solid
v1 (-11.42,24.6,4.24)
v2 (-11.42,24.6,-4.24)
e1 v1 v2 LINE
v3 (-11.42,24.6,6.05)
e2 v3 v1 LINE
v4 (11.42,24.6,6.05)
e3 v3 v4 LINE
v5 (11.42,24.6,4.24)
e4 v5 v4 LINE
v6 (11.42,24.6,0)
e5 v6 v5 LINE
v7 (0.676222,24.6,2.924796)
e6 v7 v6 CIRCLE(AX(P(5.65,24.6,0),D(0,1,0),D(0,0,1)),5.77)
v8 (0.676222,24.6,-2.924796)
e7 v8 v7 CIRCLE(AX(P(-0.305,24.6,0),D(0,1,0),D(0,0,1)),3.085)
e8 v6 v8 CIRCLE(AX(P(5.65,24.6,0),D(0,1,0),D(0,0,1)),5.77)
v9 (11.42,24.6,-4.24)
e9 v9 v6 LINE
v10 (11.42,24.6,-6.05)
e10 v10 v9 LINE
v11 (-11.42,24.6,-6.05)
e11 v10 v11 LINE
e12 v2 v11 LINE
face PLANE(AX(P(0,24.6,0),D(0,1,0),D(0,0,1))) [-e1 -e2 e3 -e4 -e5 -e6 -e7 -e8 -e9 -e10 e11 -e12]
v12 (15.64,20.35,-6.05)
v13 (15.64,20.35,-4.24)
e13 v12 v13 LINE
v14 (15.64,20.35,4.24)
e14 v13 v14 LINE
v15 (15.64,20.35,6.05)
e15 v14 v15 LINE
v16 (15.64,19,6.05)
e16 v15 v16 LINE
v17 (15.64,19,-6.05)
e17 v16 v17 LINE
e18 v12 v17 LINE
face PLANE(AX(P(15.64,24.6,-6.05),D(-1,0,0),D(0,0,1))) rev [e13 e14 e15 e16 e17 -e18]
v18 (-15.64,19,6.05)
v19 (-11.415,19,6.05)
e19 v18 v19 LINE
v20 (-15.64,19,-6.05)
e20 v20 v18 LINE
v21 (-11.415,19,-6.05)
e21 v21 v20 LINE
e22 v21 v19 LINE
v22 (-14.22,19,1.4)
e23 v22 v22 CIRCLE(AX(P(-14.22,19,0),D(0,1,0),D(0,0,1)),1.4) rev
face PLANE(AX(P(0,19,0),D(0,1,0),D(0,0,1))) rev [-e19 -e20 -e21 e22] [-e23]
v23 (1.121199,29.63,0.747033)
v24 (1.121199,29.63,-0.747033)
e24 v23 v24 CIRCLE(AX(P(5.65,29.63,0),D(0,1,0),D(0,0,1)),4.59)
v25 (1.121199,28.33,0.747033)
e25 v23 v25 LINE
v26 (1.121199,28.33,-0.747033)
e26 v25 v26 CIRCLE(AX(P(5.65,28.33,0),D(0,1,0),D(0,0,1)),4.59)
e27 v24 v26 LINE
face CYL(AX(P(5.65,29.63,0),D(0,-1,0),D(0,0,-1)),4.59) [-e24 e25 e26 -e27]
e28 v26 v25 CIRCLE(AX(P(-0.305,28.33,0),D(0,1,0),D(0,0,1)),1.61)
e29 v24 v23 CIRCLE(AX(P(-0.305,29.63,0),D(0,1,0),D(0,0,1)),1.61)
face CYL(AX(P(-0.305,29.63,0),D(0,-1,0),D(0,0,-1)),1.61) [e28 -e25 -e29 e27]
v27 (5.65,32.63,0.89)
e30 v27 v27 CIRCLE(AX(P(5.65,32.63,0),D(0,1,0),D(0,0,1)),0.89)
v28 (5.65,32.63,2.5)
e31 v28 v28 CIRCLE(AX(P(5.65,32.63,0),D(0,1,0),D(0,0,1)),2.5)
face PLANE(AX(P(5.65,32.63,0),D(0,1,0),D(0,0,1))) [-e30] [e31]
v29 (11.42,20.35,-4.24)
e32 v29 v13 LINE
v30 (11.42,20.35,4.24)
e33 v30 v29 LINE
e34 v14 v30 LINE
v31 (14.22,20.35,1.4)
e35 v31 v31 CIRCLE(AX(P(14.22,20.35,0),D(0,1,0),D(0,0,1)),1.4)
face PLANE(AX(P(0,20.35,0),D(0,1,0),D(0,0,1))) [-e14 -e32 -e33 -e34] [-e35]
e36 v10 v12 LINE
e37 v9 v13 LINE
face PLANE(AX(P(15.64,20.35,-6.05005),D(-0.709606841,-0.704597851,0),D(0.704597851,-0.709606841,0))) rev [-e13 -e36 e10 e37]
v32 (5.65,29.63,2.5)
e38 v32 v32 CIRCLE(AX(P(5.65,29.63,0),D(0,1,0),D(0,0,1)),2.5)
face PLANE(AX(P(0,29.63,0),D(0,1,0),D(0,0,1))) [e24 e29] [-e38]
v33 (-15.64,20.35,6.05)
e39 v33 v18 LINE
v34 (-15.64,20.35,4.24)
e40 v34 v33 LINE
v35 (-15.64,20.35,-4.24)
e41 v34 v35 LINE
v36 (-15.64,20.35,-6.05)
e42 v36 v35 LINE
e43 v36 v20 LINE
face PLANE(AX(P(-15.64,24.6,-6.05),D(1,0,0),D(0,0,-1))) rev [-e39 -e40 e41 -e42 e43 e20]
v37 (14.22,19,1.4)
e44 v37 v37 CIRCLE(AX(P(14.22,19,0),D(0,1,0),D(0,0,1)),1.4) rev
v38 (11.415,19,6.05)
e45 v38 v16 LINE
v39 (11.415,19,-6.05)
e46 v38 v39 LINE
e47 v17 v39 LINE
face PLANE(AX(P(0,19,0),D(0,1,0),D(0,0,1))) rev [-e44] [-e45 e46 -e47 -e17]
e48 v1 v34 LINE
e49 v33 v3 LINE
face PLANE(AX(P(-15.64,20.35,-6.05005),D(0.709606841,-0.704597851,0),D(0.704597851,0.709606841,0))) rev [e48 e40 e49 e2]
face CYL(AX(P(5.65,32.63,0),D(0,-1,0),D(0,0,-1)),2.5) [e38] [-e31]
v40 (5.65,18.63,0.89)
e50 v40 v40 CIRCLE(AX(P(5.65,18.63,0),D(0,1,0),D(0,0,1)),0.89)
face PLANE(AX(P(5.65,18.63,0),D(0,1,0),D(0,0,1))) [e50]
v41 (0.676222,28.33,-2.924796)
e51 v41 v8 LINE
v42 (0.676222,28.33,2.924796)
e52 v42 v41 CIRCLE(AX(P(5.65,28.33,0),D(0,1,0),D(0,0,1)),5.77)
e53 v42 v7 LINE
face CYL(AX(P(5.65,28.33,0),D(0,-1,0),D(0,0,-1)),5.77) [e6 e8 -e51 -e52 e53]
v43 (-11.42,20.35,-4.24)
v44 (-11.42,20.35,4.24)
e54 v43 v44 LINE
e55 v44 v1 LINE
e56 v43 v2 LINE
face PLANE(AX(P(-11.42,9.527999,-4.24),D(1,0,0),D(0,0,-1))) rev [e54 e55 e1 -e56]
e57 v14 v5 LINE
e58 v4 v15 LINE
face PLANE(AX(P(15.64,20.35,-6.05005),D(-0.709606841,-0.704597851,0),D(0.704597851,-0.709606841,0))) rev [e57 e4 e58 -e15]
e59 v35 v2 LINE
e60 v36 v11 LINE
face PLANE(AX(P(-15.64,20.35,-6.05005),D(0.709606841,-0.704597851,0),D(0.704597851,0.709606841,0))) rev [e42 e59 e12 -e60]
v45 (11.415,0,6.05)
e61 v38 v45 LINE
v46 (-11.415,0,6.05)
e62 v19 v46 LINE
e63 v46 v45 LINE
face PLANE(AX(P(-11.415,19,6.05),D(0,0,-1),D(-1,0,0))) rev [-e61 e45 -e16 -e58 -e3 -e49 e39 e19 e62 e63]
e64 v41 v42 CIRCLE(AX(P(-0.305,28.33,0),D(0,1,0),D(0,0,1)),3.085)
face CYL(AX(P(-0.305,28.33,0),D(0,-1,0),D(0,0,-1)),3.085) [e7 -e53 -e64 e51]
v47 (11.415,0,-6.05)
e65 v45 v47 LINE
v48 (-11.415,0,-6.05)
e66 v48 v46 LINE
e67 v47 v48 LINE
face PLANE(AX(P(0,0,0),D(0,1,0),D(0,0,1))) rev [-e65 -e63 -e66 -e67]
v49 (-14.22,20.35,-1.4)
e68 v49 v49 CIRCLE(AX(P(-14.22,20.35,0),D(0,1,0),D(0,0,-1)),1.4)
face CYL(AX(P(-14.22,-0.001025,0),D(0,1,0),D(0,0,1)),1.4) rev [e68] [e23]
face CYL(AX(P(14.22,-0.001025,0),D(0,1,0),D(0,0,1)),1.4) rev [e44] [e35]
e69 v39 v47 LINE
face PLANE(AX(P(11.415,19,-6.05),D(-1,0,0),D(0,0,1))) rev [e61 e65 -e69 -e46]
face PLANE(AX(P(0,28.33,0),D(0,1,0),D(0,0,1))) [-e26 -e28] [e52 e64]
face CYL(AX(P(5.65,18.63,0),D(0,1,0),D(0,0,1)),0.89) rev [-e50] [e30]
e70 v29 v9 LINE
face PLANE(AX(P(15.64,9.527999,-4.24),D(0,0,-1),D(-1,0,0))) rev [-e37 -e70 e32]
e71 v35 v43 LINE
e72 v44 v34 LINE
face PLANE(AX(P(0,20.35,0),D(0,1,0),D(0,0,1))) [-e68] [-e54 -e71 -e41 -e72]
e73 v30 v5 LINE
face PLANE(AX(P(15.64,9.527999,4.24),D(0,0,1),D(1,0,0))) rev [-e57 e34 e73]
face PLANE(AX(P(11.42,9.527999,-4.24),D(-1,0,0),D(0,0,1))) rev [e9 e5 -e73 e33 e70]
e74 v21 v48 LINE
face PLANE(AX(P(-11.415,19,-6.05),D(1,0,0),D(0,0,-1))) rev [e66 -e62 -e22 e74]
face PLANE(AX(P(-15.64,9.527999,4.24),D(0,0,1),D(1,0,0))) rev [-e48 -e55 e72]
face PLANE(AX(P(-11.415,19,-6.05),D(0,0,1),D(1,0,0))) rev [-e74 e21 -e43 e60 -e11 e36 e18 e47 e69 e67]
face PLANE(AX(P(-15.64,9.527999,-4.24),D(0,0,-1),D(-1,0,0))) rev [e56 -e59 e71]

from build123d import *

# Parameters (mm, degrees)
SKETCH2_W           = 22.83
SKETCH2_H           = 12.1
BOSS_EXTRUDE1_DEPTH = 19
SKETCH3_W           = 31.28
SKETCH3_H           = 12.1
BOSS_EXTRUDE2_DEPTH = 5.6
CUT_EXTRUDE1_DEPTH  = 13.1
SKETCH6_W           = 4.22
SKETCH6_H           = 8.48
CUT_EXTRUDE2_DEPTH  = 4.25
CUT_EXTRUDE3_REACH  = 22.35
SKETCH7_R           = 1.4
SKETCH8_R           = 5.77
SKETCH8_R_2         = 3.085
BOSS_EXTRUDE3_DEPTH = 3.73
SKETCH9_R           = 4.59
SKETCH9_R_2         = 1.61
BOSS_EXTRUDE4_DEPTH = 1.3
SKETCH10_R          = 2.5
BOSS_EXTRUDE5_DEPTH = 3
SKETCH12_R          = 0.89
CUT_EXTRUDE4_DEPTH  = 14


with BuildPart() as part:
    # Sketch2 → Boss-Extrude1 (new body)
    with BuildSketch(Plane(origin=(0, 0, 0), x_dir=(1, 0, 0), z_dir=(0, 1, 0))):
        Rectangle(SKETCH2_W, SKETCH2_H)
    extrude(amount=BOSS_EXTRUDE1_DEPTH)

    # Sketch3 → Boss-Extrude2 (add)
    with BuildSketch(Plane(origin=(0, 19, 0), x_dir=(1, 0, 0), z_dir=(0, 1, 0))):
        Rectangle(SKETCH3_W, SKETCH3_H)
    extrude(amount=BOSS_EXTRUDE2_DEPTH)

    # Sketch5 → Cut-Extrude1 (cut, through all)
    with BuildSketch(Plane.XY.offset(6.05)):
        Polygon((-15.64, 20.35), (-11.42, 24.6), (-15.64, 24.6), align=None)
        Polygon((15.64, 24.6), (15.64, 20.35), (11.42, 24.6), align=None)
    extrude(amount=-CUT_EXTRUDE1_DEPTH, mode=Mode.SUBTRACT)

    # Sketch6 → Cut-Extrude2 (cut)
    with BuildSketch(Plane(origin=(0, 24.6, 0), x_dir=(1, 0, 0), z_dir=(0, 1, 0))):
        with Locations((13.53, 0)):
            Rectangle(SKETCH6_W, SKETCH6_H)
        with Locations((-13.53, 0)):
            Rectangle(SKETCH6_W, SKETCH6_H)
    extrude(amount=-CUT_EXTRUDE2_DEPTH, mode=Mode.SUBTRACT)

    # Sketch7 → Cut-Extrude3 (cut, up to next)
    with BuildSketch(Plane(origin=(0, 20.35, 0), x_dir=(1, 0, 0), z_dir=(0, 1, 0)), mode=Mode.PRIVATE) as cut_extrude3_sk1:
        with Locations((14.22, 0)):
            Circle(SKETCH7_R)
    cut_extrude3_tool1 = extrude(cut_extrude3_sk1.sketch, amount=-CUT_EXTRUDE3_REACH, mode=Mode.PRIVATE) & part.part
    add(cut_extrude3_tool1.solids().sort_by_distance((14.22, 20.35, 0))[0], mode=Mode.SUBTRACT)
    # Sketch7 → Cut-Extrude3 (cut, up to next)
    with BuildSketch(Plane(origin=(0, 20.35, 0), x_dir=(1, 0, 0), z_dir=(0, 1, 0)), mode=Mode.PRIVATE) as cut_extrude3_sk2:
        with Locations((-14.22, 0)):
            Circle(SKETCH7_R)
    cut_extrude3_tool2 = extrude(cut_extrude3_sk2.sketch, amount=-CUT_EXTRUDE3_REACH, mode=Mode.PRIVATE) & part.part
    add(cut_extrude3_tool2.solids().sort_by_distance((-14.22, 20.35, 0))[0], mode=Mode.SUBTRACT)

    # Sketch8 → Boss-Extrude3 (add)
    with BuildSketch(Plane(origin=(0, 24.6, 0), x_dir=(1, 0, 0), z_dir=(0, 1, 0))):
        with Locations((5.65, 0)):
            Circle(SKETCH8_R)
        with Locations((-0.305, 0)):
            Circle(SKETCH8_R_2)
    extrude(amount=BOSS_EXTRUDE3_DEPTH)

    # Sketch9 → Boss-Extrude4 (add)
    with BuildSketch(Plane(origin=(0, 28.33, 0), x_dir=(1, 0, 0), z_dir=(0, 1, 0))):
        with Locations((5.65, 0)):
            Circle(SKETCH9_R)
        with Locations((-0.305, 0)):
            Circle(SKETCH9_R_2)
    extrude(amount=BOSS_EXTRUDE4_DEPTH)

    # Sketch10 → Boss-Extrude5 (add)
    with BuildSketch(Plane(origin=(0, 29.63, 0), x_dir=(1, 0, 0), z_dir=(0, 1, 0))):
        with Locations((5.65, 0)):
            Circle(SKETCH10_R)
    extrude(amount=BOSS_EXTRUDE5_DEPTH)

    # Sketch12 → Cut-Extrude4 (cut)
    with BuildSketch(Plane(origin=(0, 32.63, 0), x_dir=(1, 0, 0), z_dir=(0, 1, 0))):
        with Locations((5.65, 0)):
            Circle(SKETCH12_R)
    extrude(amount=-CUT_EXTRUDE4_DEPTH, mode=Mode.SUBTRACT)


solid = part.part
